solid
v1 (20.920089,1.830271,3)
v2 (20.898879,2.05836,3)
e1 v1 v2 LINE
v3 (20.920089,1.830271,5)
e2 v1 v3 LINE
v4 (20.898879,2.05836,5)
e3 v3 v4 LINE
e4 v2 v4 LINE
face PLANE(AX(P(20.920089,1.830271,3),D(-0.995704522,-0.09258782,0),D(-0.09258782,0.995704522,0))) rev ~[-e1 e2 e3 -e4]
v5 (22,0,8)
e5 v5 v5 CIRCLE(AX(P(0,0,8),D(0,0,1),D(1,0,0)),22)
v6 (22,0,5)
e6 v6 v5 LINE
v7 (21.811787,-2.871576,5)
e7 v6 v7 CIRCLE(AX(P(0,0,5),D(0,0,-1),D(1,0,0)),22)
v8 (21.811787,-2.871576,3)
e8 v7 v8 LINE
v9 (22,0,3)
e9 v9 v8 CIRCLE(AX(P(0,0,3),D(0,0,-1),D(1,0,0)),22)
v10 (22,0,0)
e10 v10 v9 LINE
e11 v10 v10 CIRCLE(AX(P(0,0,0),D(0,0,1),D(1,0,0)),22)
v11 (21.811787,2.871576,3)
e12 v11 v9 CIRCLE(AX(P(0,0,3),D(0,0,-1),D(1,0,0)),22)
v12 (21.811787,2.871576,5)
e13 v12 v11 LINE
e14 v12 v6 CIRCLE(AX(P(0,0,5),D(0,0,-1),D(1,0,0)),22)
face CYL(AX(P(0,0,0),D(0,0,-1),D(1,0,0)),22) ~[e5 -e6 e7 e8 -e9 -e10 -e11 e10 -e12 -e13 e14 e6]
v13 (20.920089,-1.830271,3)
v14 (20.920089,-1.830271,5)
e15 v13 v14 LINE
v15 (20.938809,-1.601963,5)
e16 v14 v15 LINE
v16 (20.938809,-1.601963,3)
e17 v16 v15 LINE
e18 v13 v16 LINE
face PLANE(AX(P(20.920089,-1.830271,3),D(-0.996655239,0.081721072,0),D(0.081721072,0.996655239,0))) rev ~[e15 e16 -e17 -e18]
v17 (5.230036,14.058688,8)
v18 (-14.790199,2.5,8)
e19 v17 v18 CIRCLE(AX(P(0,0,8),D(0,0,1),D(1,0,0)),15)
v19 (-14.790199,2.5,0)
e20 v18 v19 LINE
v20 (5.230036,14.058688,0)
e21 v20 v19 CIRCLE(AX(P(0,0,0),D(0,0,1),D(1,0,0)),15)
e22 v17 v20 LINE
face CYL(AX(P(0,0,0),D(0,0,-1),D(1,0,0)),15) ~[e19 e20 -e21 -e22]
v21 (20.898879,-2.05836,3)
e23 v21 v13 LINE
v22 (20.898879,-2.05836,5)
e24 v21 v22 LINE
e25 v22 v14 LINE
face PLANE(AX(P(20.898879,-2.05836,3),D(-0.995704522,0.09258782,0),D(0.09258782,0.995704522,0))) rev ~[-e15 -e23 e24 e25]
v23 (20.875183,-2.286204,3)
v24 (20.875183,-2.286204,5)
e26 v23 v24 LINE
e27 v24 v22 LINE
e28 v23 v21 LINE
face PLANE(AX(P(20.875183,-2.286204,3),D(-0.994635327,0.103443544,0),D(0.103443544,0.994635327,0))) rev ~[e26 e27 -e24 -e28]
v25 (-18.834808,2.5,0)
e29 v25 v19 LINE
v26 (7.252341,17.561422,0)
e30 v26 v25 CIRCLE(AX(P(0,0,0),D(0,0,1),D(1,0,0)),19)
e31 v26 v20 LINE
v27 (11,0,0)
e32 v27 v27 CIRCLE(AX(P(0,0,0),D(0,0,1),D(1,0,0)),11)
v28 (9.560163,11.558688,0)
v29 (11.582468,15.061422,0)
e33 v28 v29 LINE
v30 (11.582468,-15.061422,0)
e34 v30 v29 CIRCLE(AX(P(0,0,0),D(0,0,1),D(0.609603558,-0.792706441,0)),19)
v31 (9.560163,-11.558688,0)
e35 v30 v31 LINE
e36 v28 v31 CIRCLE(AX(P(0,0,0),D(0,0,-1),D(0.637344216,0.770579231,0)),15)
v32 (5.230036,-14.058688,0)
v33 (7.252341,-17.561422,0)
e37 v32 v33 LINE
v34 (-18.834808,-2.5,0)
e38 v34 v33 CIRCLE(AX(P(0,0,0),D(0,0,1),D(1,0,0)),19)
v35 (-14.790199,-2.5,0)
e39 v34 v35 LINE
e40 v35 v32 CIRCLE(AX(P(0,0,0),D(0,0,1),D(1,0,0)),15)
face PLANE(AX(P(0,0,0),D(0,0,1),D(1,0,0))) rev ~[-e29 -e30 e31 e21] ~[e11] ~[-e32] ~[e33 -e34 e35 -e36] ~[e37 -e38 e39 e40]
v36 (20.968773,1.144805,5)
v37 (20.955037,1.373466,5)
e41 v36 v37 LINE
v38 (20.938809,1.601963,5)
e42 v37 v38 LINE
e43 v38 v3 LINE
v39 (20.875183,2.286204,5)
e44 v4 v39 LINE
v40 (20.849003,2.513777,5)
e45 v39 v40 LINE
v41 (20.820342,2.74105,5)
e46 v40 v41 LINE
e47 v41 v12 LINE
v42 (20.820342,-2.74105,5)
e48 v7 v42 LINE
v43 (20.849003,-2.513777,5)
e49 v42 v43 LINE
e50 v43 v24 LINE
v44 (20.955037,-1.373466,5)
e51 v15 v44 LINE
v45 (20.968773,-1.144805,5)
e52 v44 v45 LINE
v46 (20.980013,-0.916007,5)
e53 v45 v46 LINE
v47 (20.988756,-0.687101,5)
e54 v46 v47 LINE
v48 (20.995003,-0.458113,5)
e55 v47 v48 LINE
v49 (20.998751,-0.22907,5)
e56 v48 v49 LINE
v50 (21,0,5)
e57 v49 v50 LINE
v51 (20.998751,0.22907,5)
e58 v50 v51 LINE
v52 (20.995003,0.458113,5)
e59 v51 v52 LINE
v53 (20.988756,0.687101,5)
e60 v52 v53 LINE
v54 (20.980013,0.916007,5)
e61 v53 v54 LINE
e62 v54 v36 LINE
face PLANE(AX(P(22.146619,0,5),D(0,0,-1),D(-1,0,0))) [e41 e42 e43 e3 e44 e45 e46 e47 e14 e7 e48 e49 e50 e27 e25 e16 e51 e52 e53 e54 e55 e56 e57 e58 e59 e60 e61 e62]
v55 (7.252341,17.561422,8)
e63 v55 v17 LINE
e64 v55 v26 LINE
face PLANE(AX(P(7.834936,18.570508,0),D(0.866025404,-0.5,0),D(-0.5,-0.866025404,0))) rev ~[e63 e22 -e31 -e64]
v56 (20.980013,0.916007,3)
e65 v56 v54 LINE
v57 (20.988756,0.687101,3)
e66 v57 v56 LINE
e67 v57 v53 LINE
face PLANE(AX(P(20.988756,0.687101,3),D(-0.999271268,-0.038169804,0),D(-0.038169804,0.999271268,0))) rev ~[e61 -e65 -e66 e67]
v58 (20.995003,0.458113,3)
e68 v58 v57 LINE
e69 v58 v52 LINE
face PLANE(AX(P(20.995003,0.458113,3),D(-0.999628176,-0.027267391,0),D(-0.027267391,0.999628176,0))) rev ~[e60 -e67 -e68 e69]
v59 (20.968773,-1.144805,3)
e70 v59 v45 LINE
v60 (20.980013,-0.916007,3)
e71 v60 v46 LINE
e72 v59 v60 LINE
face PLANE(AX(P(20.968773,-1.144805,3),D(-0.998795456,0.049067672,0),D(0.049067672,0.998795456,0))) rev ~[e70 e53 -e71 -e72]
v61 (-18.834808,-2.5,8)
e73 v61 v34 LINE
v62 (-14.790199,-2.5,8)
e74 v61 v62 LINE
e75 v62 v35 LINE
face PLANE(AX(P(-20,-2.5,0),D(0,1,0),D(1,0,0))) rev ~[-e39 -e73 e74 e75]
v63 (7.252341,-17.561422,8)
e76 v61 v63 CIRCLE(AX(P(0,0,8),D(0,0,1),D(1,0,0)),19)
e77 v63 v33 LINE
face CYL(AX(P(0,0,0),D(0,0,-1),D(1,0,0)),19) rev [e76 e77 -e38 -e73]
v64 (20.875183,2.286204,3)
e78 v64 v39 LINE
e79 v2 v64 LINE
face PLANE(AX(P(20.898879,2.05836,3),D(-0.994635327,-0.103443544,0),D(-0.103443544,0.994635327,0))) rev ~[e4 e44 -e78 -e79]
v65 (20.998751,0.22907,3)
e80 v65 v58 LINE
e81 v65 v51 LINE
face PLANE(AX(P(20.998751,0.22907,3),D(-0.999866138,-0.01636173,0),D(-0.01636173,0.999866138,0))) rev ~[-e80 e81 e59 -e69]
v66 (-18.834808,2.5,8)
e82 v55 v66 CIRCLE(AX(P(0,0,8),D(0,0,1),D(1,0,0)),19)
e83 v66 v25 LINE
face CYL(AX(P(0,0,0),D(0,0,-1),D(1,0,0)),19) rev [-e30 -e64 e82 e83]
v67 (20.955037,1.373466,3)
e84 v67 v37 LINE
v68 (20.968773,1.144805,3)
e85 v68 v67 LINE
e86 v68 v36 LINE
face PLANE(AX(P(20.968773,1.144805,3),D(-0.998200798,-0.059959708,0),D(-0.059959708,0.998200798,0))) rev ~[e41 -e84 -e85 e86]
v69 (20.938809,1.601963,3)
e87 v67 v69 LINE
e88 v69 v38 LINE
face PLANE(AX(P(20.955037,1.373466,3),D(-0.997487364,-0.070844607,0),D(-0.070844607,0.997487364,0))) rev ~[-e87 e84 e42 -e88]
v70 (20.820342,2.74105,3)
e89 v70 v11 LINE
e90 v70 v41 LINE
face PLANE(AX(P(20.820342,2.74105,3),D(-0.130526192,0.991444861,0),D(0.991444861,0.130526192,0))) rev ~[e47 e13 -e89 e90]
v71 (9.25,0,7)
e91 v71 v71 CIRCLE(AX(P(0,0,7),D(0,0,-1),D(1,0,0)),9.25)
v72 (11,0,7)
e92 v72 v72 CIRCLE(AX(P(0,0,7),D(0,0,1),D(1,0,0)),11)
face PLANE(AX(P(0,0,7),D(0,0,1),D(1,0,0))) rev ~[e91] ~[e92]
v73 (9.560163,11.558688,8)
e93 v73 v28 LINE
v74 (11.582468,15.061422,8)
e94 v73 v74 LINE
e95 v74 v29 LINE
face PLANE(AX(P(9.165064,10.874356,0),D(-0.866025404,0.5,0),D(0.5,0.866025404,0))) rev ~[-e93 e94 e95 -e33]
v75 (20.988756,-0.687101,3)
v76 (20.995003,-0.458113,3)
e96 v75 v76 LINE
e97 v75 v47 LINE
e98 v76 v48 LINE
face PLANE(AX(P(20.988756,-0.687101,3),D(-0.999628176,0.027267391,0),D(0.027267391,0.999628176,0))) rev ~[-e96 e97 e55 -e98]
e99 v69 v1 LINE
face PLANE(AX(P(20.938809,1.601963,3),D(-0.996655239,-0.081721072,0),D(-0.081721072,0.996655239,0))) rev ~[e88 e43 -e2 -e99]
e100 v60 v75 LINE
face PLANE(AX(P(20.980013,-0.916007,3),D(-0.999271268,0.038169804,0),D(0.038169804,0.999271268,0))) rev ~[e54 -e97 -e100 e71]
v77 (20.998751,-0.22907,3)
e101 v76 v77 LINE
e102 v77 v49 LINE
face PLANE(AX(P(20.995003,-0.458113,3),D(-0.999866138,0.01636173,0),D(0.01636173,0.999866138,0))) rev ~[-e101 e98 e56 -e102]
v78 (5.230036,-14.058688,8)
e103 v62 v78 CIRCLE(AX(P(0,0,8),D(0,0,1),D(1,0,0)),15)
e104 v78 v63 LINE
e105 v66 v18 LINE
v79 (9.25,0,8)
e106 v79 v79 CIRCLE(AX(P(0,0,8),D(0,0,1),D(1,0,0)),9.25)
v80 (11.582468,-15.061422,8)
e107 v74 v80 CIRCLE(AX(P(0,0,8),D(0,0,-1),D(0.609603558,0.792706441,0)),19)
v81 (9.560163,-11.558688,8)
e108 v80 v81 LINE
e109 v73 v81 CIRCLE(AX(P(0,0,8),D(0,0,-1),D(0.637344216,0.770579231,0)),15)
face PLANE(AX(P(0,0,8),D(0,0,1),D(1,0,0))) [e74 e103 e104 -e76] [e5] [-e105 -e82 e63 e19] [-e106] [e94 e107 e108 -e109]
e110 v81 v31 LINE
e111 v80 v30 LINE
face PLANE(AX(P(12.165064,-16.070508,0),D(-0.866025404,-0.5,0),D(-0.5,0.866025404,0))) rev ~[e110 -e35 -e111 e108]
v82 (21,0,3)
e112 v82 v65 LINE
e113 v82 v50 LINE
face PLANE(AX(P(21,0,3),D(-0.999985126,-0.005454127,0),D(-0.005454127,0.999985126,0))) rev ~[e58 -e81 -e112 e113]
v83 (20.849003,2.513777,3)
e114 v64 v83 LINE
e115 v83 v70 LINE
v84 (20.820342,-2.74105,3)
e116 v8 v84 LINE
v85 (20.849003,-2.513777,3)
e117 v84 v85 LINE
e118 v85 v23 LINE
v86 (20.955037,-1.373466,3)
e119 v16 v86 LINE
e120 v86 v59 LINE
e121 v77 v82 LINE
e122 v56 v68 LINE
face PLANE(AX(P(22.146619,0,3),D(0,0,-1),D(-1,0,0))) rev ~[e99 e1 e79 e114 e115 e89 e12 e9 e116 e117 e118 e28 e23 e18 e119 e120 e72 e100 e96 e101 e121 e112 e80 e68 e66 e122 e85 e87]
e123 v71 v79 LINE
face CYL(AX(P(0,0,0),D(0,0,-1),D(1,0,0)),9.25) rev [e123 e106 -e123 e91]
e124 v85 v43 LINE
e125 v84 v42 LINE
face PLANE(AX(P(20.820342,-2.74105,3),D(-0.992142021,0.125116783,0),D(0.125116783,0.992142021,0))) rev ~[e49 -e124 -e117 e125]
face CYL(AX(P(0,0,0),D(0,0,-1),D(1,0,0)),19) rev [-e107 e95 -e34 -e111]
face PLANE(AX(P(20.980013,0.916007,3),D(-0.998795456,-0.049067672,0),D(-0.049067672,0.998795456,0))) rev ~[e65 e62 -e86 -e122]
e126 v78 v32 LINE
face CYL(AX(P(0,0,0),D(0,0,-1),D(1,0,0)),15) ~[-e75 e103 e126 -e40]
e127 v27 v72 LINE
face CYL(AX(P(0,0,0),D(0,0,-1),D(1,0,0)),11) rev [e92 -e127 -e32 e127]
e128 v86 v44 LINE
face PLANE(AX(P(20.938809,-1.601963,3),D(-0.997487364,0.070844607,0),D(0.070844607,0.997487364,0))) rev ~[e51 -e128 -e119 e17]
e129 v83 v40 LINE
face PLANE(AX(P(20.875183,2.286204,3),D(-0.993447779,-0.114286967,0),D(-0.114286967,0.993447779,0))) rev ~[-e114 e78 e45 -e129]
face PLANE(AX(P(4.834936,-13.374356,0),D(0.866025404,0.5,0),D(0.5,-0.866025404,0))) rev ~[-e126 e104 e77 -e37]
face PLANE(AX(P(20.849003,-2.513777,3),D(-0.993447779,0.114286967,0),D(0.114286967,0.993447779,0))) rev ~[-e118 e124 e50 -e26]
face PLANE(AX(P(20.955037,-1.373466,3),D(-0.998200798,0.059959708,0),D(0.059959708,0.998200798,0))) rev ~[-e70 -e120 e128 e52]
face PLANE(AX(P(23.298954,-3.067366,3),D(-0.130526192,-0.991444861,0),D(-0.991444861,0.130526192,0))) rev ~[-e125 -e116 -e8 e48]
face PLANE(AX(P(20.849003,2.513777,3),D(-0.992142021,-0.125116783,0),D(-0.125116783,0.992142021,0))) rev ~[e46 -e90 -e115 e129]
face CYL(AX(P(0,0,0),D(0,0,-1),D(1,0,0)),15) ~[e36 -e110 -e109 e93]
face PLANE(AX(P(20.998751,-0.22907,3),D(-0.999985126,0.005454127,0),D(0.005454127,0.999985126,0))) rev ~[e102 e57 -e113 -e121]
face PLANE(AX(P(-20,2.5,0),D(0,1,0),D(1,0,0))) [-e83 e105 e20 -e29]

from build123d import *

# Parameters (mm, degrees)
SKETCH1_R          = 22
SKETCH1_R_2        = 19
OUTER_RING_DEPTH   = 8
SKETCH2_R          = 15
SKETCH2_R_2        = 9.25
HUB_DEPTH          = 8
SKETCH3_W          = 6
SKETCH3_H          = 5
SPOKES_DEPTH       = 8
SKETCH4_R          = 11
BEARING_SEAT_DEPTH = 7
SCREW_GROOVE_DEPTH = 2


with BuildPart() as part:
    # Sketch1 → Outer_ring (new body)
    with BuildSketch(Plane.XY):
        Circle(SKETCH1_R)
        Circle(SKETCH1_R_2, mode=Mode.SUBTRACT)
    extrude(amount=OUTER_RING_DEPTH)



with BuildPart() as body_2:
    # Sketch2 → Hub (new body)
    with BuildSketch(Plane.XY):
        Circle(SKETCH2_R)
        Circle(SKETCH2_R_2, mode=Mode.SUBTRACT)
    extrude(amount=HUB_DEPTH)


with BuildPart() as part_1:
    add(part.part)

    add(body_2.part)  # Spokes merges body 2
    # Sketch3 → Spokes (add)
    with BuildSketch(Plane.XY):
        Polygon((9.165063509, 10.874355653), (12.165063509, 16.070508076), (7.834936491, 18.570508076), (4.834936491, 13.374355653), align=None)
        with Locations((-17, 0)):
            Rectangle(SKETCH3_W, SKETCH3_H)
        Polygon((4.834936491, -13.374355653), (7.834936491, -18.570508076), (12.165063509, -16.070508076), (9.165063509, -10.874355653), align=None)
    extrude(amount=SPOKES_DEPTH)

    # Sketch4 → Bearing_seat (cut)
    with BuildSketch(Plane.XY):
        Circle(SKETCH4_R)
    extrude(amount=BEARING_SEAT_DEPTH, mode=Mode.SUBTRACT)

    # Sketch5 → Screw_groove (cut)
    with BuildSketch(Plane.XY.offset(3)):
        Polygon((20.820342089, -2.741050037), (20.849003007, -2.513776761), (20.875183103, -2.286204372), (20.89887926, -2.058359947), (20.92008866, -1.830270598), (20.938808778, -1.601963465), (20.955037388, -1.373465714), (20.968772558, -1.144804534), (20.980012653, -0.916007135), (20.988756337, -0.687100739), (20.995002569, -0.458112586), (20.998750605, -0.229069921), (21, 0), (20.998750605, 0.229069921), (20.995002569, 0.458112586), (20.988756337, 0.687100739), (20.980012653, 0.916007135), (20.968772558, 1.144804534), (20.955037388, 1.373465714), (20.938808778, 1.601963465), (20.92008866, 1.830270598), (20.89887926, 2.058359947), (20.875183103, 2.286204372), (20.849003007, 2.513776761), (20.820342089, 2.741050037), (23.298954242, 3.067365517), (23.298954242, -3.067365517), align=None)
    extrude(amount=SCREW_GROOVE_DEPTH, mode=Mode.SUBTRACT)


solid = part_1.part
